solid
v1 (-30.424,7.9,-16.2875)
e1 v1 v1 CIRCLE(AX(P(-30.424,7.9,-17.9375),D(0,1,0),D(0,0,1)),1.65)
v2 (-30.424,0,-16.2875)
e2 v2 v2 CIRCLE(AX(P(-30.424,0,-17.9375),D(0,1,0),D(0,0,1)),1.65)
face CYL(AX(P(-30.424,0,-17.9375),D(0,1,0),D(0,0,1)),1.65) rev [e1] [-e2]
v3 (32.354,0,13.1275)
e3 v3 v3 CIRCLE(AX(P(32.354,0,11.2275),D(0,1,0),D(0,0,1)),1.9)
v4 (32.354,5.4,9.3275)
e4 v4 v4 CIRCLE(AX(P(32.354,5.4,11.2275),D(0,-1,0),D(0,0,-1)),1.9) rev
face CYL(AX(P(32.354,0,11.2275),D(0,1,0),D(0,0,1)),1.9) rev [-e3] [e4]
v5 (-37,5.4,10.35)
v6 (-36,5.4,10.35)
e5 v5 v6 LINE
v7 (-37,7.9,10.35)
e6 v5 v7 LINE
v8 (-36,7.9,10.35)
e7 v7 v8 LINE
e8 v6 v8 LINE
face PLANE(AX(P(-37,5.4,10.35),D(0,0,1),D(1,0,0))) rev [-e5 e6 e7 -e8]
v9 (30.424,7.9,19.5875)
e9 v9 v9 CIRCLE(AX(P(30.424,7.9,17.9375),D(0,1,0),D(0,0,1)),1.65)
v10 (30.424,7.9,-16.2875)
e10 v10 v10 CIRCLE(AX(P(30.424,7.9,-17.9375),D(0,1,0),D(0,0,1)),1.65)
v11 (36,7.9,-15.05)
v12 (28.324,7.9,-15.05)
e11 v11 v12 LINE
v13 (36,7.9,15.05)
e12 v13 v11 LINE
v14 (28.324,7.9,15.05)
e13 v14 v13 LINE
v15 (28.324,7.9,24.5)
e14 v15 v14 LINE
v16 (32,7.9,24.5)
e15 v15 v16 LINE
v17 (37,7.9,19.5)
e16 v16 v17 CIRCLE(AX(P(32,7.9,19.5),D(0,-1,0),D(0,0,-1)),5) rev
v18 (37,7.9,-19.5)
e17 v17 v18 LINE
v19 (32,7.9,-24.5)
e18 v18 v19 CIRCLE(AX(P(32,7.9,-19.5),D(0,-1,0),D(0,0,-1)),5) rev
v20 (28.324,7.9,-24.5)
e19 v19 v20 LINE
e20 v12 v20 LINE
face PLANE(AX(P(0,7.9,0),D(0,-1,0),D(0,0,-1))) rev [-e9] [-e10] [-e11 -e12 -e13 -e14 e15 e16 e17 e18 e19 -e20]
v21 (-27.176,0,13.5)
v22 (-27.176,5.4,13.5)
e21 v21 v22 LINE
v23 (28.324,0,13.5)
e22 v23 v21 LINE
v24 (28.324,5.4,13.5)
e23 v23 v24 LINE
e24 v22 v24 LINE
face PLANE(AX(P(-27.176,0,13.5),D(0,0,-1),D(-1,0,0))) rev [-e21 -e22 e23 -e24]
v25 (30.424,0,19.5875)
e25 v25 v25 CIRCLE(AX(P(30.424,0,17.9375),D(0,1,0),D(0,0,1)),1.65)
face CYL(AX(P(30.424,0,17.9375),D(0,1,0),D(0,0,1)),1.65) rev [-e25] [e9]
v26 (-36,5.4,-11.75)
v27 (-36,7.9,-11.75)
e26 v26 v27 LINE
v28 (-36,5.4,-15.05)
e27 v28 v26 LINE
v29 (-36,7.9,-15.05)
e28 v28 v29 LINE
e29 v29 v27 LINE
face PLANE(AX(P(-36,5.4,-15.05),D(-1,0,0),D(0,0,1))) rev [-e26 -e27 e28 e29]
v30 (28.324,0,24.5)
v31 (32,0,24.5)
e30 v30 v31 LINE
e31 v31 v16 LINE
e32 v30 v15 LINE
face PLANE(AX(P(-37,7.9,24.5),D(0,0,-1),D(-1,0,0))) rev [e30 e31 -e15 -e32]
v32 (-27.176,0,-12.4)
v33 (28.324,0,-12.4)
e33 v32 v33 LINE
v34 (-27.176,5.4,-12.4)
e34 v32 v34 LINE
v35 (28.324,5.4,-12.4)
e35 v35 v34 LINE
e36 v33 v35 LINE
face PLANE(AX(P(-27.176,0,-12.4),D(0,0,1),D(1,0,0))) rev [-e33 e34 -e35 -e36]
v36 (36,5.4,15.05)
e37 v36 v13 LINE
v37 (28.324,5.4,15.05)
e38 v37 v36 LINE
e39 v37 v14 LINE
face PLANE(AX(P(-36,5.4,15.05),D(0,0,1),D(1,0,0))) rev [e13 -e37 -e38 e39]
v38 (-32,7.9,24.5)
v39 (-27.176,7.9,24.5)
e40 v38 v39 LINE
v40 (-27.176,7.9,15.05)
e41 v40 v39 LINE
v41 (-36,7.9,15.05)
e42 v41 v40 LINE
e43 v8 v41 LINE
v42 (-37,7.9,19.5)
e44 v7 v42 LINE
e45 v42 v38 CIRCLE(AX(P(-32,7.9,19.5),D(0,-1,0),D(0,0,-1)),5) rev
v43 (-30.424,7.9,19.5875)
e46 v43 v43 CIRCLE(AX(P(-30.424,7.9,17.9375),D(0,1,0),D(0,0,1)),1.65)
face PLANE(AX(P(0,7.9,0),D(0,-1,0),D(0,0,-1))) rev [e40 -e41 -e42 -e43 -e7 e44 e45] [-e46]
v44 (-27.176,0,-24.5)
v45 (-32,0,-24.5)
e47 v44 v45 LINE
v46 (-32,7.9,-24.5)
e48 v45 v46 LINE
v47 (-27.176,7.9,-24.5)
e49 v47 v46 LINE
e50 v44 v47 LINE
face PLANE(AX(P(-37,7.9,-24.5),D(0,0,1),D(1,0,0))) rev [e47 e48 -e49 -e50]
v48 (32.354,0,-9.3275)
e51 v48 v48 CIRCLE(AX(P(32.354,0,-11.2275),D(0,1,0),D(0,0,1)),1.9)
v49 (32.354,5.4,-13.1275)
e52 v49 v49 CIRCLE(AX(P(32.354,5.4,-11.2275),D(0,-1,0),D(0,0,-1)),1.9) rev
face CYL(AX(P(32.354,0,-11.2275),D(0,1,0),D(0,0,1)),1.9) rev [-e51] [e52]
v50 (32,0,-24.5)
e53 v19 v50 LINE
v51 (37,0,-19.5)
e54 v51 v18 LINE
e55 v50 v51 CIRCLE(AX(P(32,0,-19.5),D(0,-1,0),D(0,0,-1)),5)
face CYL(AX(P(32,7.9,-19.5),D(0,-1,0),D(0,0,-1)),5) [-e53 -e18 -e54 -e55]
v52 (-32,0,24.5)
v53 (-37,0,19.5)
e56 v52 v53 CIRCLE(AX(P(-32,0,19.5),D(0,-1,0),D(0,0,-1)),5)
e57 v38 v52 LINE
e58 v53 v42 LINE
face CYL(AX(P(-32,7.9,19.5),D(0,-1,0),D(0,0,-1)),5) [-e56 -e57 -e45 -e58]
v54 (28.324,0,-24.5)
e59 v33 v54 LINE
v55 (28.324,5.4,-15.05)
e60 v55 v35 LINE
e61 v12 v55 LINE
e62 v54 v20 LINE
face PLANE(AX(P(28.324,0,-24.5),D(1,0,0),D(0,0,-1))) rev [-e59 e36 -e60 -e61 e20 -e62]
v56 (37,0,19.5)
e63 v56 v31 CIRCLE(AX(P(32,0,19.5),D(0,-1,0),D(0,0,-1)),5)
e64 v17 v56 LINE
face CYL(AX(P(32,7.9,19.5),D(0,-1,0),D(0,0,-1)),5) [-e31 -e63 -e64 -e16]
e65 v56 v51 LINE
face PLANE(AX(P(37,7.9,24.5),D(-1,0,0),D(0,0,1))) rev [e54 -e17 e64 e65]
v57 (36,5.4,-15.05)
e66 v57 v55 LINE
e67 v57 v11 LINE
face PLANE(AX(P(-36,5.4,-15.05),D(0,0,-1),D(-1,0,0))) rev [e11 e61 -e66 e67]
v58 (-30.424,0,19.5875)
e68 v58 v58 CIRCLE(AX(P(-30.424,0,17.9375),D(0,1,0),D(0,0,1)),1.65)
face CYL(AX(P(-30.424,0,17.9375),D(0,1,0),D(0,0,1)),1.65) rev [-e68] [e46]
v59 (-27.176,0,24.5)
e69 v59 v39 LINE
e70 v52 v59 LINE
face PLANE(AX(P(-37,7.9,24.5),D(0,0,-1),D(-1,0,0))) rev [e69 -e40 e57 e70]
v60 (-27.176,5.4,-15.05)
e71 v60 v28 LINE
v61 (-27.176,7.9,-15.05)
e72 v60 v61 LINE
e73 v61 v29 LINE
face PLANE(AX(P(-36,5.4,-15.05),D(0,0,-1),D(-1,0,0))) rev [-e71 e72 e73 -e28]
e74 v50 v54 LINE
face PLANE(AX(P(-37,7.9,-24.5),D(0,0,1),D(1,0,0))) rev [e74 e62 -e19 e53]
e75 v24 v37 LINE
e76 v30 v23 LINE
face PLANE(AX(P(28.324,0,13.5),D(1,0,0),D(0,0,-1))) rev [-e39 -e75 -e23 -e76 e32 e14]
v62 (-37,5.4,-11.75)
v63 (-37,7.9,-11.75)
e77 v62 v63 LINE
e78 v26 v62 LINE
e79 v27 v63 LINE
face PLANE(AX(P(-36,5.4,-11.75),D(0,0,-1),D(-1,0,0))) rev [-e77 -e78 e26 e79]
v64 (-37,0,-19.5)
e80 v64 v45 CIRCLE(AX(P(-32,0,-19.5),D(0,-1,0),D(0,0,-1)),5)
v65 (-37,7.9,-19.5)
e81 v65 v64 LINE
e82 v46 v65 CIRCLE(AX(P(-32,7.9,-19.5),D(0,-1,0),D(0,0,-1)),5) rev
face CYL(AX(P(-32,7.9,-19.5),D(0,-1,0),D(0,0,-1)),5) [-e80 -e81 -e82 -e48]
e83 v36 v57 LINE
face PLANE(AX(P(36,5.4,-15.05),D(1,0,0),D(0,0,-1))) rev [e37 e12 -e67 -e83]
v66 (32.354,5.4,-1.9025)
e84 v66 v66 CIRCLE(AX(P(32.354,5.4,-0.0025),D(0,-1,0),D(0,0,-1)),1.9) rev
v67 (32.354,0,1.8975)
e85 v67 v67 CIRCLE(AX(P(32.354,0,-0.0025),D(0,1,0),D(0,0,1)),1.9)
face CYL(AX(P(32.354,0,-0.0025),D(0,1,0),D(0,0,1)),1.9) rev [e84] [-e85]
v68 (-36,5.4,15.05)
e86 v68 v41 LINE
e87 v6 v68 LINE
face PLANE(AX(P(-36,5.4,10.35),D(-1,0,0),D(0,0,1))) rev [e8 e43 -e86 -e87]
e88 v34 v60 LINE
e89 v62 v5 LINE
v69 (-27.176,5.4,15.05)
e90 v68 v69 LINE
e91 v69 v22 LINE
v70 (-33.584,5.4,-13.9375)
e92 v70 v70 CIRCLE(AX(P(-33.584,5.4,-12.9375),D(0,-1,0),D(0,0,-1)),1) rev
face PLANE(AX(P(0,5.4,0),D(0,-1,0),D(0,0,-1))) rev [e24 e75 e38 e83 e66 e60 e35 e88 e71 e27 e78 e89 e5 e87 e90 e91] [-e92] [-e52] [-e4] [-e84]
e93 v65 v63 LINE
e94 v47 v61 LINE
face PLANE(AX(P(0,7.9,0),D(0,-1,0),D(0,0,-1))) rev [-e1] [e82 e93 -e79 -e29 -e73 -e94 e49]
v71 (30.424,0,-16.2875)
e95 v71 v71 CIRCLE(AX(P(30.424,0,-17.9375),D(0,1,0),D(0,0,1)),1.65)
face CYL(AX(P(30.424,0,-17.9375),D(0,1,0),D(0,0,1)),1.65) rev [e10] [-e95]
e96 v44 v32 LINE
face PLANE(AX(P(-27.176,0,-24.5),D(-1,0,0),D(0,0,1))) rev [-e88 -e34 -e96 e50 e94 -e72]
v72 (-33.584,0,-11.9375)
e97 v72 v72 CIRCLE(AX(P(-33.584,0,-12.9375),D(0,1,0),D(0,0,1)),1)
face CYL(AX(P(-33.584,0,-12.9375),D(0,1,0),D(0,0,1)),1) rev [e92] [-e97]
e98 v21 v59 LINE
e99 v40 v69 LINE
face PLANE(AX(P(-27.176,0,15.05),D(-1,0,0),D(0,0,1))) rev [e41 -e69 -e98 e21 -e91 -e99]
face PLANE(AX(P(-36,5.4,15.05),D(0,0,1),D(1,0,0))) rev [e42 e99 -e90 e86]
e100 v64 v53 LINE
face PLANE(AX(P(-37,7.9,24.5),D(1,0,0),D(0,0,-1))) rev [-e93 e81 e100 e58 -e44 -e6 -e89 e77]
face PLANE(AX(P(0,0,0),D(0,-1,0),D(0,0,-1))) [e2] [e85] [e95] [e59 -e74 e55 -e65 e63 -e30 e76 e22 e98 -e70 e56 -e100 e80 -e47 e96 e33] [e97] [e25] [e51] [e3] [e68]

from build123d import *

# Parameters (mm, degrees)
SKETCH1_W           = 74
SKETCH1_H           = 49
BOSS_EXTRUDE1_DEPTH = 7.9
FILLET1_R           = 5
SKETCH3_R           = 1.65
CUT_EXTRUDE6_DEPTH  = 7.9
SKETCH9_R           = 1.9
SKETCH9_R_2         = 1
CUT_EXTRUDE7_DEPTH  = 7.9
CUT_EXTRUDE8_DEPTH  = 2.5
SKETCH11_W          = 55.5
SKETCH11_H          = 12.1
CUT_EXTRUDE9_DEPTH  = 7.9
CUT_EXTRUDE10_DEPTH = 7.9
SKETCH15_W          = 55.5
SKETCH15_H          = 3
CUT_EXTRUDE11_DEPTH = 10


with BuildPart() as part:
    # Sketch1 → Boss-Extrude1 (new body)
    with BuildSketch(Plane(origin=(0, 0, 0), x_dir=(1, 0, 0), z_dir=(0, 1, 0))):
        Rectangle(SKETCH1_W, SKETCH1_H)
    extrude(amount=BOSS_EXTRUDE1_DEPTH)

    # Fillet1
    fillet1_edges = [part.edges().sort_by_distance(p)[0] for p in [
        (37, 3.95, 24.5),
        (-37, 3.95, 24.5),
        (-37, 3.95, -24.5),
        (37, 3.95, -24.5),
    ]]
    fillet(fillet1_edges, radius=FILLET1_R)

    # Sketch3 → Cut-Extrude6 (cut)
    with BuildSketch(Plane(origin=(0, 7.9, 0), x_dir=(1, 0, 0), z_dir=(0, 1, 0))):
        with Locations((-30.424, 17.9375)):
            Circle(SKETCH3_R)
        with Locations((30.424, 17.9375)):
            Circle(SKETCH3_R)
        with Locations((-30.424, -17.9375)):
            Circle(SKETCH3_R)
        with Locations((30.424, -17.9375)):
            Circle(SKETCH3_R)
    extrude(amount=-CUT_EXTRUDE6_DEPTH, mode=Mode.SUBTRACT)

    # Sketch9 → Cut-Extrude7 (cut)
    with BuildSketch(Plane(origin=(0, 7.9, 0), x_dir=(1, 0, 0), z_dir=(0, 1, 0))):
        with Locations((32.354, 11.2275)):
            Circle(SKETCH9_R)
        with Locations((32.354, 0.0025)):
            Circle(SKETCH9_R)
        with Locations((32.354, -11.2275)):
            Circle(SKETCH9_R)
        with Locations((-33.584, 12.9375)):
            Circle(SKETCH9_R_2)
    extrude(amount=-CUT_EXTRUDE7_DEPTH, mode=Mode.SUBTRACT)

    # Sketch10 → Cut-Extrude8 (cut)
    with BuildSketch(Plane(origin=(0, 7.9, 0), x_dir=(1, 0, 0), z_dir=(0, 1, 0))):
        Polygon((36, 15.05), (36, -15.05), (-36, -15.05), (-36, -10.35), (-37, -10.35), (-37, 11.75), (-36, 11.75), (-36, 15.05), align=None)
    extrude(amount=-CUT_EXTRUDE8_DEPTH, mode=Mode.SUBTRACT)

    # Sketch11 → Cut-Extrude9 (cut)
    with BuildSketch(Plane(origin=(0, 7.9, 0), x_dir=(1, 0, 0), z_dir=(0, 1, 0))):
        with Locations((0.574, 18.45)):
            Rectangle(SKETCH11_W, SKETCH11_H)
    extrude(amount=-CUT_EXTRUDE9_DEPTH, mode=Mode.SUBTRACT)

    # Sketch12 → Cut-Extrude10 (cut)
    with BuildSketch(Plane(origin=(0, 7.9, 0), x_dir=(1, 0, 0), z_dir=(0, 1, 0))):
        Polygon((-27.176, -15.05), (-27.176, -13.5), (28.324, -13.5), (28.324, -15.05), (28.324, -21.5), (-27.176, -21.5), align=None)
    extrude(amount=-CUT_EXTRUDE10_DEPTH, mode=Mode.SUBTRACT)

    # Sketch15 → Cut-Extrude11 (cut)
    with BuildSketch(Plane(origin=(0, 7.9, 0), x_dir=(1, 0, 0), z_dir=(0, 1, 0))):
        with Locations((0.574, -23)):
            Rectangle(SKETCH15_W, SKETCH15_H)
    extrude(amount=-CUT_EXTRUDE11_DEPTH, mode=Mode.SUBTRACT)


solid = part.part
